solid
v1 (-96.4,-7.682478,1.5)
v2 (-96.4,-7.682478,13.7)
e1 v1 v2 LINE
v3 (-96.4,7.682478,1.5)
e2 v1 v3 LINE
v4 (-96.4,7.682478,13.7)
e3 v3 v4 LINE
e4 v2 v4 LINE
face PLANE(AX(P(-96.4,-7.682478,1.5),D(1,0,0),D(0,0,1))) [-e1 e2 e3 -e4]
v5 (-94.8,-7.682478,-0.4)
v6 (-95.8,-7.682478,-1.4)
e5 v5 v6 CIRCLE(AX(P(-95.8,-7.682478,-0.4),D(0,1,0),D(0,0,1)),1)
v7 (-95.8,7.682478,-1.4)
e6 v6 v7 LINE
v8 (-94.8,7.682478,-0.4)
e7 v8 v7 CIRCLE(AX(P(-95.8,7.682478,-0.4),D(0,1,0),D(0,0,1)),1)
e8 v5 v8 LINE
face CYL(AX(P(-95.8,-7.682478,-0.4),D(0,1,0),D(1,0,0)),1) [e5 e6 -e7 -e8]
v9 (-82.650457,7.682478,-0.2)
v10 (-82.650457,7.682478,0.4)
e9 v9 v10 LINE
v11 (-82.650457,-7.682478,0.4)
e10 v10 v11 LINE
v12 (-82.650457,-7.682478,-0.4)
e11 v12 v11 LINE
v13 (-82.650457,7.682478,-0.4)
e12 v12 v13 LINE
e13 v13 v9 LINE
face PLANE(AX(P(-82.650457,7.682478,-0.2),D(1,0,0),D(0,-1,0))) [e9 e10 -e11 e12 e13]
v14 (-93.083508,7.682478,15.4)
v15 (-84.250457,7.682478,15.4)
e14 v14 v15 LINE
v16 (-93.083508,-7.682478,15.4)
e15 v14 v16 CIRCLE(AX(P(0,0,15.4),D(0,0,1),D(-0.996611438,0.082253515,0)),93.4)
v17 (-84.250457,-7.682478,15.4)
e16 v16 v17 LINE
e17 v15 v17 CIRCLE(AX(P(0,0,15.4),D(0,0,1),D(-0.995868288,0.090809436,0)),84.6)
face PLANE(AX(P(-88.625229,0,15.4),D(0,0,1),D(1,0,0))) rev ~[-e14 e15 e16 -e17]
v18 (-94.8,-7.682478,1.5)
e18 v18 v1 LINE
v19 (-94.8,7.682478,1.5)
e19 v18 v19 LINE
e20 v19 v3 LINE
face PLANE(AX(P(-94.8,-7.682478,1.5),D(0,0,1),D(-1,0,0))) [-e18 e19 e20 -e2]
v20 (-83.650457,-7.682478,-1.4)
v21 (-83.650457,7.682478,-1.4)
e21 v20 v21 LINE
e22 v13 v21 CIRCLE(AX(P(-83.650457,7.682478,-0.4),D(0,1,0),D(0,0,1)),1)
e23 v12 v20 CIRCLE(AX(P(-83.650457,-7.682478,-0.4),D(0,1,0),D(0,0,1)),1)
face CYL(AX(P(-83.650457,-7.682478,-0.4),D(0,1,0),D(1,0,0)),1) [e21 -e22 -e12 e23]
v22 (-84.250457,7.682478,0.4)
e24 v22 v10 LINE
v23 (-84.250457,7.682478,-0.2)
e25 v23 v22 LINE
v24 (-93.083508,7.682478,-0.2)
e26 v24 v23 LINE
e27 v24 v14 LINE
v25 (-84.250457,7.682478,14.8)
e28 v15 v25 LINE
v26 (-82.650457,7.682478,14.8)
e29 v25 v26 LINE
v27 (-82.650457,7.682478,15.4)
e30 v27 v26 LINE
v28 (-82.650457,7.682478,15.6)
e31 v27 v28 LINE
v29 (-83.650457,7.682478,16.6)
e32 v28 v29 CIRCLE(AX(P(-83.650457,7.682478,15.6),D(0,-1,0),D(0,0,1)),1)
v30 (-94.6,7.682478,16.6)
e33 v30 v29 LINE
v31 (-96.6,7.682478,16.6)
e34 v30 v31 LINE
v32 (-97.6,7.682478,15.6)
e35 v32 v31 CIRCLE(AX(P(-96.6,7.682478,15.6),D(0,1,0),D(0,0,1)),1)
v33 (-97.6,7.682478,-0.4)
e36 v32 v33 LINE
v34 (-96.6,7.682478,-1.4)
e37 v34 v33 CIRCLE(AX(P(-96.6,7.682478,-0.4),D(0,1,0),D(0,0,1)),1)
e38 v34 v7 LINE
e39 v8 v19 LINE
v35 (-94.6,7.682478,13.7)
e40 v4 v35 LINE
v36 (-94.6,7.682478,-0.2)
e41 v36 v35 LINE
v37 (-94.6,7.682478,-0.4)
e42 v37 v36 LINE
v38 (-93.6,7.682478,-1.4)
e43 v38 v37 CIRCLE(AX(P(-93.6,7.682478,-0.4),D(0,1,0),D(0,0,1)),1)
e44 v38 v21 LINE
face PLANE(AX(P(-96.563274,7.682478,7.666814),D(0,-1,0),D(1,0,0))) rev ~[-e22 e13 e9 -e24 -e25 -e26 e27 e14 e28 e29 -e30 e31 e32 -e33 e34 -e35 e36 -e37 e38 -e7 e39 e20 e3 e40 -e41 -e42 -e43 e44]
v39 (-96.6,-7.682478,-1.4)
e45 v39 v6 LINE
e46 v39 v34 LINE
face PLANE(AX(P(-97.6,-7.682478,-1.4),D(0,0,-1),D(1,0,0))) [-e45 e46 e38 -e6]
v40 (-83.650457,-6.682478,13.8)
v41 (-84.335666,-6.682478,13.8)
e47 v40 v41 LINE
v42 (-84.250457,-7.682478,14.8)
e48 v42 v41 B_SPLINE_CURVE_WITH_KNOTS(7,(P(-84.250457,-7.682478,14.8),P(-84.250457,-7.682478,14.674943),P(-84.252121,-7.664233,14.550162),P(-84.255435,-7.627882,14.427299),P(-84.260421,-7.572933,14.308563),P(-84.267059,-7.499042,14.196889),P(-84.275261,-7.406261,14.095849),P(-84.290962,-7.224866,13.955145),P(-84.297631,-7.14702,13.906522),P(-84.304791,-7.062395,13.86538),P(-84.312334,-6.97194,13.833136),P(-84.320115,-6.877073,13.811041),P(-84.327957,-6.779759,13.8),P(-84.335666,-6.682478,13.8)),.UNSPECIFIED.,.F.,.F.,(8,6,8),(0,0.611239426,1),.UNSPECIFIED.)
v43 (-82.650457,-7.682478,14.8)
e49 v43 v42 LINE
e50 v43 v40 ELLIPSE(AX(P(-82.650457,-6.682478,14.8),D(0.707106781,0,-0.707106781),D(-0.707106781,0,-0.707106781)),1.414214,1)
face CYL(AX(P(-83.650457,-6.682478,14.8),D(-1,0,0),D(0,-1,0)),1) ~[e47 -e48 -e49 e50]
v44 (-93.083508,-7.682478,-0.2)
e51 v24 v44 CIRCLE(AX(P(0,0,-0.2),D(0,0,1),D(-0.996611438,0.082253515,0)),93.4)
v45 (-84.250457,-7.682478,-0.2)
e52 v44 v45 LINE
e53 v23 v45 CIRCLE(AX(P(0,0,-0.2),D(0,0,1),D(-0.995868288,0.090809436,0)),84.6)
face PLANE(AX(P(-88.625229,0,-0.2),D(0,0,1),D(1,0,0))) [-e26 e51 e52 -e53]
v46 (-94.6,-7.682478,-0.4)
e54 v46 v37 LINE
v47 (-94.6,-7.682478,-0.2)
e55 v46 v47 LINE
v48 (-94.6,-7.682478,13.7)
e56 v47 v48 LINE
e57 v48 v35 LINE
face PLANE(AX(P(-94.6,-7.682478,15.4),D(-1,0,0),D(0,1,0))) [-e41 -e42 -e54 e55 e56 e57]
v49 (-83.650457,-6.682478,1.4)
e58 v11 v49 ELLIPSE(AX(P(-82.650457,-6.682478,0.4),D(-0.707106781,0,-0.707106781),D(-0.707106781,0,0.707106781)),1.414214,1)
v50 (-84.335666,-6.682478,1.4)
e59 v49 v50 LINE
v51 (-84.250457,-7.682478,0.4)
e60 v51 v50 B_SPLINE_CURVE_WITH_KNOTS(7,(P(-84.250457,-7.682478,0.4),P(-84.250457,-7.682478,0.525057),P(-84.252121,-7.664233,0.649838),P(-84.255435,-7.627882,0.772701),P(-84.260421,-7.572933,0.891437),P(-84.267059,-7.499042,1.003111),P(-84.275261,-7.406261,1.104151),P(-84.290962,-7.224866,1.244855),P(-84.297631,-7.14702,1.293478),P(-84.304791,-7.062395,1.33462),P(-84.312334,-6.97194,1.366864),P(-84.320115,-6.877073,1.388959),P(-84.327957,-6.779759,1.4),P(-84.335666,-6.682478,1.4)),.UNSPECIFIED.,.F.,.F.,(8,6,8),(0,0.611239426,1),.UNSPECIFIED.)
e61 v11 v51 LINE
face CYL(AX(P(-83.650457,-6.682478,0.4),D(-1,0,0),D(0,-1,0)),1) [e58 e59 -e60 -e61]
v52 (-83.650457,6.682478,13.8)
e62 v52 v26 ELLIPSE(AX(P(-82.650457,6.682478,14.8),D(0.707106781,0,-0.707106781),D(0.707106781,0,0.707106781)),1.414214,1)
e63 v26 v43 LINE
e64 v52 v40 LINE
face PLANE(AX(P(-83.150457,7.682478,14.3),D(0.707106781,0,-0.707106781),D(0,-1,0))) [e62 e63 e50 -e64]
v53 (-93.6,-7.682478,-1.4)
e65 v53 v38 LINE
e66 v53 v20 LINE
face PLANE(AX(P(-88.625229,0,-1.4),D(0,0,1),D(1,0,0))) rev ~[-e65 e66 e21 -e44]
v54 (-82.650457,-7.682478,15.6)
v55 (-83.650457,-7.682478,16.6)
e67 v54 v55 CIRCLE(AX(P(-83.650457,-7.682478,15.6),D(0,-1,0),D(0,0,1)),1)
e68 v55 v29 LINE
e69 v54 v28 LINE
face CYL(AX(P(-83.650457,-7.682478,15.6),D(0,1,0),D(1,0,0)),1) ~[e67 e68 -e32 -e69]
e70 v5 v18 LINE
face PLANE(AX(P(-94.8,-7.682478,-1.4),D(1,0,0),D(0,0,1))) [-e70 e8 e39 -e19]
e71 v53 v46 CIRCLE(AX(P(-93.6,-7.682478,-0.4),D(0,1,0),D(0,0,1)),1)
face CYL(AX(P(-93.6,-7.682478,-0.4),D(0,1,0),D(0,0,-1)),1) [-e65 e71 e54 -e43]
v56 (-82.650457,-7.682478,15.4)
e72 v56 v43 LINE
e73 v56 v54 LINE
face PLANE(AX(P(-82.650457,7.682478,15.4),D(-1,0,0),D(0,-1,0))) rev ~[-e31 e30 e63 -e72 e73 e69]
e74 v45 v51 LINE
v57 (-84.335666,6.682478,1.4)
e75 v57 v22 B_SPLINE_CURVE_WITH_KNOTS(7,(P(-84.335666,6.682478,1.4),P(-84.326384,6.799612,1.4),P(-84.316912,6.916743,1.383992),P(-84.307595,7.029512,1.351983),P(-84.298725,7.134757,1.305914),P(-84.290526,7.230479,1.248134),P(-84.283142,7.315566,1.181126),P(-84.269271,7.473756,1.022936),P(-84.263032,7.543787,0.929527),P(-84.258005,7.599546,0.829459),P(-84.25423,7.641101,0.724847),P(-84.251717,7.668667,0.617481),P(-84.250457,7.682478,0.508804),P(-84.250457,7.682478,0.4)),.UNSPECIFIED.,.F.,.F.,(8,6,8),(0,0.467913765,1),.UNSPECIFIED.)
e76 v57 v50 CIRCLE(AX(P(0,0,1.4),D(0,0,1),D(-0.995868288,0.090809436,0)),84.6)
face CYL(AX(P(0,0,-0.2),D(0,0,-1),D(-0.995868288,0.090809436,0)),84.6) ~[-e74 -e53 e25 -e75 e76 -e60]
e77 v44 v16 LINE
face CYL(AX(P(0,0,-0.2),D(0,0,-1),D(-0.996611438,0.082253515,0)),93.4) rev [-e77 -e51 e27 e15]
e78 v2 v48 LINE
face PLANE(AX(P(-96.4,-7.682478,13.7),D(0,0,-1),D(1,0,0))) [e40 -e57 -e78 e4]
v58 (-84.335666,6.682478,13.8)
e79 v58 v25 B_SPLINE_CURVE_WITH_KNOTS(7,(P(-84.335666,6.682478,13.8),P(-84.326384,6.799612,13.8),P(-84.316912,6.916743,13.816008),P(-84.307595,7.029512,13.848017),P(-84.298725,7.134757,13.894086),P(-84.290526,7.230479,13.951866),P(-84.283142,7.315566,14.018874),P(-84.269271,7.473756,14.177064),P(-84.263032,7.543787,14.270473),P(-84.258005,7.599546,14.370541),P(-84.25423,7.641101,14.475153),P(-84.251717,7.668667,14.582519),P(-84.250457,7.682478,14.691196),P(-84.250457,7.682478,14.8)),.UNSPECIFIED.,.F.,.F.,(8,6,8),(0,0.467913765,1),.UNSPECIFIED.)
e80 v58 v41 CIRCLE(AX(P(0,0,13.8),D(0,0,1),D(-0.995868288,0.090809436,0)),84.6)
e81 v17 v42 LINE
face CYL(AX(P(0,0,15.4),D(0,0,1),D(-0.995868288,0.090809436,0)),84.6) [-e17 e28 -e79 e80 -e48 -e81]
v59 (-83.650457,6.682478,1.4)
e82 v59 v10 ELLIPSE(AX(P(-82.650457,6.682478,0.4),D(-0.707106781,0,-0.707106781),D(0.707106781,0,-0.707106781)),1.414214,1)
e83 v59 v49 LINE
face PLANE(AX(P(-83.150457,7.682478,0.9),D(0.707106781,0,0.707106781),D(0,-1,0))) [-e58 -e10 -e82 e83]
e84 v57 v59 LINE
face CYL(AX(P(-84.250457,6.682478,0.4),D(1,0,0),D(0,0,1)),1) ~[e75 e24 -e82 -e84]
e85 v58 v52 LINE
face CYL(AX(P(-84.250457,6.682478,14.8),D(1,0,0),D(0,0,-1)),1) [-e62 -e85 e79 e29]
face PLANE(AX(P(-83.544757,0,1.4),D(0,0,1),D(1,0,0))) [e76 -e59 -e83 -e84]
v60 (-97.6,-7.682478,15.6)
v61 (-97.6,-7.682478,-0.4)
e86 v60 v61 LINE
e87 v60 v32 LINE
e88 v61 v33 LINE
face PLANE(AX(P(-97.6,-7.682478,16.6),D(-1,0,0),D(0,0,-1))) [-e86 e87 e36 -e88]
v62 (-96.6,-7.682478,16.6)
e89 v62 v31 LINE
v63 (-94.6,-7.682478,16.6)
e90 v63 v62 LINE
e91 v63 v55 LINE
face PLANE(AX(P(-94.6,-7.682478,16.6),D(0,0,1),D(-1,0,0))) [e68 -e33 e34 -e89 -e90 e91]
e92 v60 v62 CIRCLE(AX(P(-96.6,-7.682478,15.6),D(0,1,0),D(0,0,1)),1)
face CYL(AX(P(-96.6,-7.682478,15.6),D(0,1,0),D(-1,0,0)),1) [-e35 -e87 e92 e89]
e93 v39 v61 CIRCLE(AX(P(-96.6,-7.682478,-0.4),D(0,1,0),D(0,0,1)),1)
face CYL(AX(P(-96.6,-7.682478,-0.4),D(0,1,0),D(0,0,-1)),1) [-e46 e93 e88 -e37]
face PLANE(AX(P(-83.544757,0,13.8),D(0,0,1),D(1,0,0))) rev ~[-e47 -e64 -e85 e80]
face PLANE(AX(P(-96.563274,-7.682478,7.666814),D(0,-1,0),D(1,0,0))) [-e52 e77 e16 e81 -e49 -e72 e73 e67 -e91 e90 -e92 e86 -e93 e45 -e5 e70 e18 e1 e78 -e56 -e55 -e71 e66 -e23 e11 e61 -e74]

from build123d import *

# Parameters (mm, degrees)
SKETCH032_W     = 11.9495428665
SKETCH032_H     = 15.3649565959
PAD021_DEPTH    = 1.2
PAD022_DEPTH    = 15.6
SKETCH034_W     = 11.9495428665
SKETCH034_H     = 15.3649565959
PAD023_DEPTH    = 1.2
PAD024_DEPTH    = 1.6
PAD025_DEPTH    = 1.6
PAD026_DEPTH    = 15.3649565959
CHAMFER009_SIZE = 1
FILLET003_R     = 1


with BuildPart() as part:
    # Sketch032 → Pad021 (new body)
    with BuildSketch(Plane.XY):
        with Locations((-88.6252285667, 0)):
            Rectangle(SKETCH032_W, SKETCH032_H)
    extrude(amount=PAD021_DEPTH)

    # Sketch033 → Pad022 (join)
    with BuildSketch(Plane.XY.offset(1.2)):
        with BuildLine():
            ThreePointArc((-93.0835083525, 7.682478298), (-93.4, 0), (-93.0835083525, -7.682478298))
            Line((-94.6, -7.682478298), (-93.0835083525, -7.682478298))
            Line((-94.6, 7.682478298), (-94.6, -7.682478298))
            Line((-93.0835083525, 7.682478298), (-94.6, 7.682478298))
        make_face()
    extrude(amount=PAD022_DEPTH)

    # Sketch034 → Pad023 (join)
    with BuildSketch(Plane.XY.offset(16.8)):
        with Locations((-88.6252285667, 0)):
            Rectangle(SKETCH034_W, SKETCH034_H)
    extrude(amount=PAD023_DEPTH)

    # Sketch035 → Pad024 (join)
    with BuildSketch(Plane.XY.offset(1.2)):
        with BuildLine():
            ThreePointArc((-84.2504571335, 7.682478298), (-84.6, 0), (-84.2504571335, -7.682478298))
            Line((-82.6504571335, -7.682478298), (-84.2504571335, -7.682478298))
            Line((-82.6504571335, 7.682478298), (-82.6504571335, -7.682478298))
            Line((-84.2504571335, 7.682478298), (-82.6504571335, 7.682478298))
        make_face()
    extrude(amount=PAD024_DEPTH)

    # Sketch036 → Pad025 (join)
    with BuildSketch(Plane.XY.offset(16.8)):
        with BuildLine():
            ThreePointArc((-84.2504571335, 7.682478298), (-84.6, 0), (-84.2504571335, -7.682478298))
            Line((-82.6504571335, -7.682478298), (-84.2504571335, -7.682478298))
            Line((-82.6504571335, 7.682478298), (-82.6504571335, -7.682478298))
            Line((-84.2504571335, 7.682478298), (-82.6504571335, 7.682478298))
        make_face()
    extrude(amount=-PAD025_DEPTH)

    # Sketch031 (on Plane of DatumPlane) → Pad026 (join)
    with BuildSketch(Plane(origin=(-94.6, -7.682478298, 0), x_dir=(-1, 0, 0), z_dir=(0, 1, 0))):
        Polygon((0, 15.1), (0, 18), (3, 18), (3, 0), (0.2, 0), (0.2, 2.9), (1.8, 2.9), (1.8, 15.1), align=None)
    extrude(amount=PAD026_DEPTH)

    # Chamfer009
    chamfer009_edges = [part.edges().sort_by_distance(p)[0] for p in [
        (-82.650457, 0, 15.2),
        (-82.650457, 0, 2.8),
    ]]
    chamfer(chamfer009_edges, length=CHAMFER009_SIZE)

    # Fillet003
    fillet003_edges = [part.edges().sort_by_distance(p)[0] for p in [
        (-97.6, 0, 0),
        (-97.6, 0, 18),
        (-94.8, 0, 0),
        (-94.6, 0, 0),
        (-82.650457, 0, 0),
        (-83.950457, 7.682478, 2.8),
        (-83.950457, 7.682478, 15.2),
        (-83.950457, -7.682478, 2.8),
        (-83.950457, -7.682478, 15.2),
        (-82.650457, 0, 18),
    ]]
    fillet(fillet003_edges, radius=FILLET003_R)


with BuildPart() as part_1:
    # Body008 placement: moved
    add(part.part.moved(Location((0, 0, -1.4))))


solid = part_1.part
